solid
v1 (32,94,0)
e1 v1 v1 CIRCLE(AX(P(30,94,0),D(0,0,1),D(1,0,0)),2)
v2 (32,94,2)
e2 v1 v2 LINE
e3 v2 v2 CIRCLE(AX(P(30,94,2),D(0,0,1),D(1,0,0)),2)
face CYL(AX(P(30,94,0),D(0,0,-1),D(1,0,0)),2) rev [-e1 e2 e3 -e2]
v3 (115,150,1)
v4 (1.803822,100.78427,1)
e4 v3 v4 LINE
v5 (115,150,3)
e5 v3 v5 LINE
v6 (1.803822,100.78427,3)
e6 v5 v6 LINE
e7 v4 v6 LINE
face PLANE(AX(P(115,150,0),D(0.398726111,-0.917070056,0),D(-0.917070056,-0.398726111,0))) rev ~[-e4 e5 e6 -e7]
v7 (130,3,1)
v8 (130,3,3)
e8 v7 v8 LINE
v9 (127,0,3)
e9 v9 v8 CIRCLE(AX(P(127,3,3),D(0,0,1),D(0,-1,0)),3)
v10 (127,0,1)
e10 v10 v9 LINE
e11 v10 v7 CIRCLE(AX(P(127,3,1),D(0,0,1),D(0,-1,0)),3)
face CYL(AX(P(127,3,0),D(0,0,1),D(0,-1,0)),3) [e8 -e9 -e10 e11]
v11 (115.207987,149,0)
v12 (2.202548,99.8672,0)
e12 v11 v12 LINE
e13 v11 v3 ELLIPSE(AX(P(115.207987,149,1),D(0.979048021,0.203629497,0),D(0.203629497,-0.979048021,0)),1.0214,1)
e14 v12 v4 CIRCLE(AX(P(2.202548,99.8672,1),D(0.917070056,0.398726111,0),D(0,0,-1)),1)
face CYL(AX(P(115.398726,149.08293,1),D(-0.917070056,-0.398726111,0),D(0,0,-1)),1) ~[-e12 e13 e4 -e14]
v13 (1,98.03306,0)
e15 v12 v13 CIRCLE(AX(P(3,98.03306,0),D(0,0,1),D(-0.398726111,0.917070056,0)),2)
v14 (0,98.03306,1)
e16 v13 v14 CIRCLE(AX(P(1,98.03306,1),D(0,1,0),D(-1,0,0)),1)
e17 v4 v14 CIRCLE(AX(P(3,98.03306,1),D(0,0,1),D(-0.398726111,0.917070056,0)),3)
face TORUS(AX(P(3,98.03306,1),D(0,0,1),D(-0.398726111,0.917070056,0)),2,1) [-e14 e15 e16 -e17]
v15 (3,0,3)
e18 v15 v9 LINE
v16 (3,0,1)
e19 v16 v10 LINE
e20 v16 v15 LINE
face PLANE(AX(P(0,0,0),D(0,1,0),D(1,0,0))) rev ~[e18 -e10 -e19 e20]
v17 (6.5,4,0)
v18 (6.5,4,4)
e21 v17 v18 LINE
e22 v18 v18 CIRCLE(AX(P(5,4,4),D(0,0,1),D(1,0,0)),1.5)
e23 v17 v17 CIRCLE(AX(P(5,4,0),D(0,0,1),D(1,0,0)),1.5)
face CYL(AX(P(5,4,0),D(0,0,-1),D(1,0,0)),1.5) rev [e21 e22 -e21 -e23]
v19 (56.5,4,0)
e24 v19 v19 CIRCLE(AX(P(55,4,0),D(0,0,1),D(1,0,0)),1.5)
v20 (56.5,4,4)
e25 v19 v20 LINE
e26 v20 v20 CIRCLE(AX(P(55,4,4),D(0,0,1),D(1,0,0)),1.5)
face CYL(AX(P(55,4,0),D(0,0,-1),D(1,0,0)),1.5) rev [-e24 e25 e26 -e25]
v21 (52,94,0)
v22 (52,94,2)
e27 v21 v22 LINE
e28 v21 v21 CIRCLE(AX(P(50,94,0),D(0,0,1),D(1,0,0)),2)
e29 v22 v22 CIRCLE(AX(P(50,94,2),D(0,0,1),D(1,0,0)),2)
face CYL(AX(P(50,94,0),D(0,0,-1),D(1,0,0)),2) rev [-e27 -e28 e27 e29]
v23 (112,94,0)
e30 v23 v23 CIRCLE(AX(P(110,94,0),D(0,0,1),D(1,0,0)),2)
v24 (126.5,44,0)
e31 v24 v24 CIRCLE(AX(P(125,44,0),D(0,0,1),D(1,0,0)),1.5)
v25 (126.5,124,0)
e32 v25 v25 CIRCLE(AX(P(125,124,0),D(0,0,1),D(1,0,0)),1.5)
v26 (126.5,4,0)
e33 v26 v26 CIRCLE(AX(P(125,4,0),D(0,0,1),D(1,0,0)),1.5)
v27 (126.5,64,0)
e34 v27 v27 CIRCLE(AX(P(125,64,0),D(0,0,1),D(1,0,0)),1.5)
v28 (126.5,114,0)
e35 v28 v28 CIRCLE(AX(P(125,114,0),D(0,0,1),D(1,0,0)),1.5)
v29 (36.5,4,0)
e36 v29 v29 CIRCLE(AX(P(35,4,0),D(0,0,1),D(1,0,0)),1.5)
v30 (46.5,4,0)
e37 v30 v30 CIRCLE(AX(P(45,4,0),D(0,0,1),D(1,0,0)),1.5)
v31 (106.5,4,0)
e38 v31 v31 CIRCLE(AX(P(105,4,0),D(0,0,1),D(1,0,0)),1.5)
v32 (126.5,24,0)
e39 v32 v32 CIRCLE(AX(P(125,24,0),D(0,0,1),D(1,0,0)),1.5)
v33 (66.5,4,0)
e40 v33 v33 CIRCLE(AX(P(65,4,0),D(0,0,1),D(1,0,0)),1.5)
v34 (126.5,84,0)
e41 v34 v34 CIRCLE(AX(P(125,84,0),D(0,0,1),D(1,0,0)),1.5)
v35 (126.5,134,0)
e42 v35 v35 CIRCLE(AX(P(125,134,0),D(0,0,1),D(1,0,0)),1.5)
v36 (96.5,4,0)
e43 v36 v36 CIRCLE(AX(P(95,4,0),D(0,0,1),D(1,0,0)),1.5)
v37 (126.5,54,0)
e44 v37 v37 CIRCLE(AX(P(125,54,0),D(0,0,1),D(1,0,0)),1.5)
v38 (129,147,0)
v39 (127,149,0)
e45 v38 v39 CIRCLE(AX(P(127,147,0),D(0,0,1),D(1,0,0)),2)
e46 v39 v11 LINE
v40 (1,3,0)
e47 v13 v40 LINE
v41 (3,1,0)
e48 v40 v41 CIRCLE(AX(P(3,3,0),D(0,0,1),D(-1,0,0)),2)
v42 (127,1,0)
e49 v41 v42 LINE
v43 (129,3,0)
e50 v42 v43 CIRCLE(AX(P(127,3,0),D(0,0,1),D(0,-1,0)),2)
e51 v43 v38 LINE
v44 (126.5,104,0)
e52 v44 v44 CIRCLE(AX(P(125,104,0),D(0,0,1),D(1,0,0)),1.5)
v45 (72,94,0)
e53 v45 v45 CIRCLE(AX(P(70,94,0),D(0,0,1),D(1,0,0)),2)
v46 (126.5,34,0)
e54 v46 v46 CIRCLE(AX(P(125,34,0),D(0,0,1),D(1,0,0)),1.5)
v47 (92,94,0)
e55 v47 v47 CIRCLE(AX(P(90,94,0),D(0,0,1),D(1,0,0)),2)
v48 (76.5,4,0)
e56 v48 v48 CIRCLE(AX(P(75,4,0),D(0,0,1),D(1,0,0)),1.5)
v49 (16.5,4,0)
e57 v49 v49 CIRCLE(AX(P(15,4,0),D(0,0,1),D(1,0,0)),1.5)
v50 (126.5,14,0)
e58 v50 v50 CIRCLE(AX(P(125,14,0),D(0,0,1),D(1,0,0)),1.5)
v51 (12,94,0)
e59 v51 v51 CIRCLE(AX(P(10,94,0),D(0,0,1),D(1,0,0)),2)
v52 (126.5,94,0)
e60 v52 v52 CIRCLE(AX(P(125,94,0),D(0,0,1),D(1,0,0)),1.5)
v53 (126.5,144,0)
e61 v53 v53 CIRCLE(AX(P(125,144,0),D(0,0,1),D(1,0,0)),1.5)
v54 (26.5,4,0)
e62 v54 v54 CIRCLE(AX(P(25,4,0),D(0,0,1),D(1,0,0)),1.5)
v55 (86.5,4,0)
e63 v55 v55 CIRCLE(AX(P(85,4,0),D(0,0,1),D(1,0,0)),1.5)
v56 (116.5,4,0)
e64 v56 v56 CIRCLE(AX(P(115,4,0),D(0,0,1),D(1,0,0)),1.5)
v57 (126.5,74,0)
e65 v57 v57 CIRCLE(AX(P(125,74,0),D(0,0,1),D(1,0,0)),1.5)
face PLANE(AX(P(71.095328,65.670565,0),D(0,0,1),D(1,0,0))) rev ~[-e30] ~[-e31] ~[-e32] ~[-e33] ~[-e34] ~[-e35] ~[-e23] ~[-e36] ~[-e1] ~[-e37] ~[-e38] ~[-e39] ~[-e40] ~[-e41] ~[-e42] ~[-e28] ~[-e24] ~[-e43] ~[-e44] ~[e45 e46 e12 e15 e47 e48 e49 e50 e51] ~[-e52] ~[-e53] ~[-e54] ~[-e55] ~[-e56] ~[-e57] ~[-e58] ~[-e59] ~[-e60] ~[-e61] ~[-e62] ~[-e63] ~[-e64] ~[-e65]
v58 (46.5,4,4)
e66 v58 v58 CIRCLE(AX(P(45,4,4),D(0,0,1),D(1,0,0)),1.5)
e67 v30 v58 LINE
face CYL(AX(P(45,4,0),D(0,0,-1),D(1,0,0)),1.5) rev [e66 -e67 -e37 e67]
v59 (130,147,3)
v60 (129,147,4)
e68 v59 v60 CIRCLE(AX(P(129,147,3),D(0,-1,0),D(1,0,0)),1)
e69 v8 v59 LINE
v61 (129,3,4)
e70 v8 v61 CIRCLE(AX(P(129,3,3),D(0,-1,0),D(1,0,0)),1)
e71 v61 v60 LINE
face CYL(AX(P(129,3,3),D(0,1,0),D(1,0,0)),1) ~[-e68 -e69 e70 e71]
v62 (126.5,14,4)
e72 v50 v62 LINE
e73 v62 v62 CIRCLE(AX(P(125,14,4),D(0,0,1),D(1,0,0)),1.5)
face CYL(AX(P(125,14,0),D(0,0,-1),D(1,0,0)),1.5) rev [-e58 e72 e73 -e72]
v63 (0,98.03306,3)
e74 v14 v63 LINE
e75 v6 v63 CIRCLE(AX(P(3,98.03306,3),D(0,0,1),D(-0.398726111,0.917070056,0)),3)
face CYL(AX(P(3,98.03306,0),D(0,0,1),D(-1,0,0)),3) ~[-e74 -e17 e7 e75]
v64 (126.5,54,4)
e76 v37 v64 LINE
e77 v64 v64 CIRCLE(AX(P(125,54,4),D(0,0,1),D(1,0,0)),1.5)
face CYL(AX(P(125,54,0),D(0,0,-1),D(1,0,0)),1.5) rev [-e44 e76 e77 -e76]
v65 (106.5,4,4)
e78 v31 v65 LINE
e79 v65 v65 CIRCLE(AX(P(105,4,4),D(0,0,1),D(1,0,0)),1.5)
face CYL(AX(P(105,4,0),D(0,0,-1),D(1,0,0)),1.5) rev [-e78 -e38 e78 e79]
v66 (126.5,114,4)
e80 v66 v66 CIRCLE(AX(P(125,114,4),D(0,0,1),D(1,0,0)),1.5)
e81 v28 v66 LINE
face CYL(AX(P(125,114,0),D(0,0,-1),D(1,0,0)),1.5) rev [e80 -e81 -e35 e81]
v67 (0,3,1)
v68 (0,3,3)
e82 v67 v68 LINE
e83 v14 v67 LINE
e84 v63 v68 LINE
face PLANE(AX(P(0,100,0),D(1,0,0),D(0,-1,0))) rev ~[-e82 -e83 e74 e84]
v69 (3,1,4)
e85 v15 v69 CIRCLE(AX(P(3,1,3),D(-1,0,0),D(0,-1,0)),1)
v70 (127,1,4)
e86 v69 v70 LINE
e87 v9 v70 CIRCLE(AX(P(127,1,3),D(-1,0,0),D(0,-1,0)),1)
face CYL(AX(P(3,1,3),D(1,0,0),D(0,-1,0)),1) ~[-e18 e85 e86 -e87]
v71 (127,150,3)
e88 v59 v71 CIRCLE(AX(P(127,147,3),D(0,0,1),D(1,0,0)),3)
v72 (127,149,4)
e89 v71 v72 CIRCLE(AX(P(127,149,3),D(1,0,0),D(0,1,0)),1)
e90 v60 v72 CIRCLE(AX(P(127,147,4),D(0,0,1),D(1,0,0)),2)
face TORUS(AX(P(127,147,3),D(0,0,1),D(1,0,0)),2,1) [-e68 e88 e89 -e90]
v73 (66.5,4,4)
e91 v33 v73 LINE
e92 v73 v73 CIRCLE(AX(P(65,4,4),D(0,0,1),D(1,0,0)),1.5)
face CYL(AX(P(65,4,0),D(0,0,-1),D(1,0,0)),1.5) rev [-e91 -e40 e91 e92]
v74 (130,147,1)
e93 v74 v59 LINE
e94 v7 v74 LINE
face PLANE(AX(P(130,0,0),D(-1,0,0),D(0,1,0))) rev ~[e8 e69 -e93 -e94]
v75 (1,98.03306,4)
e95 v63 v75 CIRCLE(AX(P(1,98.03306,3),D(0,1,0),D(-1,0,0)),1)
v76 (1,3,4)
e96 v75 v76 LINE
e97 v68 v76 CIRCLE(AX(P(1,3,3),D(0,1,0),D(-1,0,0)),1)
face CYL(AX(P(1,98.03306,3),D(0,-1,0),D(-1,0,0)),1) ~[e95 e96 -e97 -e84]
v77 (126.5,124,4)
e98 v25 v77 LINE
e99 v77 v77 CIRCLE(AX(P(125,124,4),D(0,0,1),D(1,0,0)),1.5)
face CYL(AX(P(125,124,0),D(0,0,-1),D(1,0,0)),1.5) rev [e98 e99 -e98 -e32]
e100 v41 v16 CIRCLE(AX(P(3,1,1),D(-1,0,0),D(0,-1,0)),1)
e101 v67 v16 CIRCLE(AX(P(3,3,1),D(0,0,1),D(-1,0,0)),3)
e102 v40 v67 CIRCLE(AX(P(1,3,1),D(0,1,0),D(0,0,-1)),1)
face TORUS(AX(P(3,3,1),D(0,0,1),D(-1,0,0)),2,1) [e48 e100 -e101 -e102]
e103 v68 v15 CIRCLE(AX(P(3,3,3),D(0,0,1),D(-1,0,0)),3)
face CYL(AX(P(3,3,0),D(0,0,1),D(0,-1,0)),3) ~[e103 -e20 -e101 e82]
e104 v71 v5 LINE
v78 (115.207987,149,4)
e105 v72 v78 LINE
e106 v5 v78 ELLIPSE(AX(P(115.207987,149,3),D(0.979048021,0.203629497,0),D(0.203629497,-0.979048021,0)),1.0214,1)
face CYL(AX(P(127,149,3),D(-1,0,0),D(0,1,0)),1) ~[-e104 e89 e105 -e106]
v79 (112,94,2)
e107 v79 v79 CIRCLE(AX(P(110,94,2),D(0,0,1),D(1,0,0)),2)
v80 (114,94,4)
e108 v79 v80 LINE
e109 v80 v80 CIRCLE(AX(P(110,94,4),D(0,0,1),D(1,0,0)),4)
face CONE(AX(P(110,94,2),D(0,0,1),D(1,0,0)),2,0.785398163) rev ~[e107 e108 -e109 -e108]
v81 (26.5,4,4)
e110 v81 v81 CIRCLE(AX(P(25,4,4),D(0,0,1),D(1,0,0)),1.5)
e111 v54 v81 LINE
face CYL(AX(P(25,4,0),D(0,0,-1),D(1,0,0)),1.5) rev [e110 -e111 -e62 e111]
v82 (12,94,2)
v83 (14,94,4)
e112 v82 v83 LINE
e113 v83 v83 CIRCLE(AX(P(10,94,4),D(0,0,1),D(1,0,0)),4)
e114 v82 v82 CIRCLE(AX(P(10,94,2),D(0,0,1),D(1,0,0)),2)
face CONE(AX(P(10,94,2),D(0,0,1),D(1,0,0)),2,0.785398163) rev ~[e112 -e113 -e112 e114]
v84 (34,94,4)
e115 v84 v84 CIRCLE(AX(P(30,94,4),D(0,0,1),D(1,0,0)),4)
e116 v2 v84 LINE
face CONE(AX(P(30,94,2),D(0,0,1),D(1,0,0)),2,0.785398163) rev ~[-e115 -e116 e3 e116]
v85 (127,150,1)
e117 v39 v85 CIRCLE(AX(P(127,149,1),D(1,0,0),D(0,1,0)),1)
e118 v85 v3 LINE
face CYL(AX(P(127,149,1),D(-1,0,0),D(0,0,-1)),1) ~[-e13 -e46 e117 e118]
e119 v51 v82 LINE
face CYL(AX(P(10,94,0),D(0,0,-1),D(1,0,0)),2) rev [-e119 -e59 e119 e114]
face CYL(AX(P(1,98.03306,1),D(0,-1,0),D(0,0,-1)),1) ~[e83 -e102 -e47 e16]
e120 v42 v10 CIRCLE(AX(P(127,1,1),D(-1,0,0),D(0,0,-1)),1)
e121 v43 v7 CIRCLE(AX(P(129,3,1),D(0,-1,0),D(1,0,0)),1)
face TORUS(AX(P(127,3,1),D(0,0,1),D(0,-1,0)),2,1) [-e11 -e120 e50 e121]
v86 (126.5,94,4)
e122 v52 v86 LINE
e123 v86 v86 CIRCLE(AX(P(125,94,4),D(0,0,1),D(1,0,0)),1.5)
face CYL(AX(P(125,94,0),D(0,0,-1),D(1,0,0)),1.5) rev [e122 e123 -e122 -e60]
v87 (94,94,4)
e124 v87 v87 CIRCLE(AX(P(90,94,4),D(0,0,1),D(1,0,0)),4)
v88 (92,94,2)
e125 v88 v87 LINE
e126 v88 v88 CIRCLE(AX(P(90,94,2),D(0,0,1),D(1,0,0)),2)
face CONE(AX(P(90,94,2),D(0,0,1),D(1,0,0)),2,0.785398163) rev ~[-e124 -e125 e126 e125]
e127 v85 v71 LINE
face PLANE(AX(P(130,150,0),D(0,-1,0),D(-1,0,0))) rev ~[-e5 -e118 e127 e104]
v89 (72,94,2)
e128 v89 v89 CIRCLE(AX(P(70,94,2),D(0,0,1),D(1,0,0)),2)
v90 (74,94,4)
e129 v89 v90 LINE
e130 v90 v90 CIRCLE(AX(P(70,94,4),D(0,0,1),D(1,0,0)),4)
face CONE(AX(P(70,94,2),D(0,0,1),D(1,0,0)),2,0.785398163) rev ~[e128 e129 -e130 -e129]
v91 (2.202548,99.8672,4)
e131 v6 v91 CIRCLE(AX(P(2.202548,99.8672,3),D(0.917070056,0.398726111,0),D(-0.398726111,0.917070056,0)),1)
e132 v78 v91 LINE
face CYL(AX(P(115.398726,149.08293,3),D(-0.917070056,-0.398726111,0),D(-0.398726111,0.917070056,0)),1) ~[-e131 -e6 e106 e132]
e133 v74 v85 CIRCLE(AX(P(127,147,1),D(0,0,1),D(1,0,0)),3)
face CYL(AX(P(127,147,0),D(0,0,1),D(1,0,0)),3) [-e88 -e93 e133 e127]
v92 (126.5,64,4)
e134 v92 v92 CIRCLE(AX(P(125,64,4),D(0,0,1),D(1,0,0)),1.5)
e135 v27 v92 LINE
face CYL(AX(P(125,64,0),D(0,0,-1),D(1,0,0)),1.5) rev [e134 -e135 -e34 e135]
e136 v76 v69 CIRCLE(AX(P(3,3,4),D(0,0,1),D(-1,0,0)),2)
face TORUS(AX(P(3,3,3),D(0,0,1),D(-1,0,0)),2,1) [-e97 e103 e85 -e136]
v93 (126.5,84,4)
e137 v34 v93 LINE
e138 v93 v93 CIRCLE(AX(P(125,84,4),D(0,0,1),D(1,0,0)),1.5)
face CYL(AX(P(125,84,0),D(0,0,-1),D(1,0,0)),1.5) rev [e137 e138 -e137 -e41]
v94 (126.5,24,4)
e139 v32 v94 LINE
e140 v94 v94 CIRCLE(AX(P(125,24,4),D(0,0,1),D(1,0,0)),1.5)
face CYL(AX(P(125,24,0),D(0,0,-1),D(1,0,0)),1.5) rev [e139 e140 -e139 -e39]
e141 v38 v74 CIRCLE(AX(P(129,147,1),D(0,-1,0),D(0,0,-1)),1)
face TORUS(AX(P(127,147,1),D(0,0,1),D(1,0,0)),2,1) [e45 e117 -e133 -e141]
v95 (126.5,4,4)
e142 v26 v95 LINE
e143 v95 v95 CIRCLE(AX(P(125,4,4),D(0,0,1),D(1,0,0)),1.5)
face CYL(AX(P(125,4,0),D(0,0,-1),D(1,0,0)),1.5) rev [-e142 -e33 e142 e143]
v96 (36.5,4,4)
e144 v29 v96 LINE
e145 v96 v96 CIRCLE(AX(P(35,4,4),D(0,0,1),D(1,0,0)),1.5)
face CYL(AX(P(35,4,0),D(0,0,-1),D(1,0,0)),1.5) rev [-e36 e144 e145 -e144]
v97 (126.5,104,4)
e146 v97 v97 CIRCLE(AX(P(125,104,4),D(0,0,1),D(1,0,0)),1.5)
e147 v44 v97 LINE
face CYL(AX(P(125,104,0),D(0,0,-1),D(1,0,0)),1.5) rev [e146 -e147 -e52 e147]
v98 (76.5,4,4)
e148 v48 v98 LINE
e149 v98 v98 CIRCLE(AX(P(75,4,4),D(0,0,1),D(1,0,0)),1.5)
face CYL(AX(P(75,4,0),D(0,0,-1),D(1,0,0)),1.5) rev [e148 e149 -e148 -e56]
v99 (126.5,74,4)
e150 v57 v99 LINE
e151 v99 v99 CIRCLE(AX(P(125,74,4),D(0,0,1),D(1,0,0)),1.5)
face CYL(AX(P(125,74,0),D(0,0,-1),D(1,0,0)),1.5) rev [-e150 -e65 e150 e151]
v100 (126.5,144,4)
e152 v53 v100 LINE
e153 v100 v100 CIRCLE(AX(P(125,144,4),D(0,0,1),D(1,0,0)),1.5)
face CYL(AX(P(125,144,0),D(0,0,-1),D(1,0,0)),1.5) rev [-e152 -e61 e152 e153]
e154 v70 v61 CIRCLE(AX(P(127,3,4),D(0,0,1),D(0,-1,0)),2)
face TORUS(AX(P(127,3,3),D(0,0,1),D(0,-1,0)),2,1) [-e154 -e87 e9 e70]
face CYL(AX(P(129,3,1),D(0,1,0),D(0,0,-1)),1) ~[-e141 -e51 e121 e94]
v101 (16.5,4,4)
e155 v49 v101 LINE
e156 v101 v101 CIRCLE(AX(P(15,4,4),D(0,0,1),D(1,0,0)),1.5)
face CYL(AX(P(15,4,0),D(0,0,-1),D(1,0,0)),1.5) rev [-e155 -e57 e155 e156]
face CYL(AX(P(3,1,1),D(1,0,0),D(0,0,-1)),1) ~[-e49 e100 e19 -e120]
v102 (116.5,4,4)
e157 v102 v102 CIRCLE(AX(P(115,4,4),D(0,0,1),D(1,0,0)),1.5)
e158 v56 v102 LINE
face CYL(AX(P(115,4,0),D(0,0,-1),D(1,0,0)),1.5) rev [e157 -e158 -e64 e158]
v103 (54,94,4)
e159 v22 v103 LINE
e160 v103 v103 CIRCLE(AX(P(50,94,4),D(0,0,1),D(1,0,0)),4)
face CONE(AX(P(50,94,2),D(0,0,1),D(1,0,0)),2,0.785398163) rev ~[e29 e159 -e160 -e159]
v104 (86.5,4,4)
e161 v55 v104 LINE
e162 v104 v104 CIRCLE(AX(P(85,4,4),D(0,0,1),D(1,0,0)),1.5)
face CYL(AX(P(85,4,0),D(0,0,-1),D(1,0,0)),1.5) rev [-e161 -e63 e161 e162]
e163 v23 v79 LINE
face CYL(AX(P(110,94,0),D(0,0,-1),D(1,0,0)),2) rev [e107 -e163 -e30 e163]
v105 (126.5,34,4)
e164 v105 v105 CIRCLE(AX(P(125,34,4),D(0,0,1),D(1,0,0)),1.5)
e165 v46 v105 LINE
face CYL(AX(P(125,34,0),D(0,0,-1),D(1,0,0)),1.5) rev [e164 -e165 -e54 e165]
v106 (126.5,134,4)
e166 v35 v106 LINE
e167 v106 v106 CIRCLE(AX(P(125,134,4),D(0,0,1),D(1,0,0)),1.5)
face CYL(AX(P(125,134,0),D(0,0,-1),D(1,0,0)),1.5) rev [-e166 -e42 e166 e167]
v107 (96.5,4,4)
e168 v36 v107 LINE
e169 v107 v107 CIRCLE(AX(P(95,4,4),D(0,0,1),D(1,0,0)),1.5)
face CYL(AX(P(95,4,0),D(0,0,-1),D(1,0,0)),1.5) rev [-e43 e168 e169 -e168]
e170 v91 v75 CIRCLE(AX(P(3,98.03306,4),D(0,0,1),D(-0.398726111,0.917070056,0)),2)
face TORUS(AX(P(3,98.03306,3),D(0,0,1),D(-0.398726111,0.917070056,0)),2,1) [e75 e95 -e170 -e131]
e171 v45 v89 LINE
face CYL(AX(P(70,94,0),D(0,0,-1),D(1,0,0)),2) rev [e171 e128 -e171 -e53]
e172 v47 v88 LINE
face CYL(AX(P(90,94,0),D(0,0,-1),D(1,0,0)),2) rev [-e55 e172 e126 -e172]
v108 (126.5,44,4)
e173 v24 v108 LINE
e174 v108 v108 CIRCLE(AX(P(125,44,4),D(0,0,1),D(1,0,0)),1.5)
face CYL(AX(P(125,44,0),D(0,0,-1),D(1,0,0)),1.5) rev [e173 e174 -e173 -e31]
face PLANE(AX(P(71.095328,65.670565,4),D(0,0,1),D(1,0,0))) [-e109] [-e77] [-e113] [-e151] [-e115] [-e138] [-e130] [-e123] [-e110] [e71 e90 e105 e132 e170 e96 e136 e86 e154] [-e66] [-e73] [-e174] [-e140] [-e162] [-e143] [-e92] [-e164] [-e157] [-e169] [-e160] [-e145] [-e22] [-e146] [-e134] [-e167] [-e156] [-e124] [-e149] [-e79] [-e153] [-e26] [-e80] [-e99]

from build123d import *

# Parameters (mm, degrees)
SKETCH_R     = 1.5
SKETCH_R_2   = 2
PAD_DEPTH    = 4
CHAMFER_SIZE = 2
FILLET004_R  = 3
FILLET005_R  = 1


with BuildPart() as part:
    # Sketch → Pad (new body)
    with BuildSketch(Plane.XY):
        Polygon((0, 0), (130, 0), (130, 150), (115, 150), (0, 100), align=None)
        with Locations((5, 4)):
            Circle(SKETCH_R, mode=Mode.SUBTRACT)
        with Locations((15, 4)):
            Circle(SKETCH_R, mode=Mode.SUBTRACT)
        with Locations((25, 4)):
            Circle(SKETCH_R, mode=Mode.SUBTRACT)
        with Locations((35, 4)):
            Circle(SKETCH_R, mode=Mode.SUBTRACT)
        with Locations((45, 4)):
            Circle(SKETCH_R, mode=Mode.SUBTRACT)
        with Locations((55, 4)):
            Circle(SKETCH_R, mode=Mode.SUBTRACT)
        with Locations((65, 4)):
            Circle(SKETCH_R, mode=Mode.SUBTRACT)
        with Locations((75, 4)):
            Circle(SKETCH_R, mode=Mode.SUBTRACT)
        with Locations((85, 4)):
            Circle(SKETCH_R, mode=Mode.SUBTRACT)
        with Locations((95, 4)):
            Circle(SKETCH_R, mode=Mode.SUBTRACT)
        with Locations((105, 4)):
            Circle(SKETCH_R, mode=Mode.SUBTRACT)
        with Locations((115, 4)):
            Circle(SKETCH_R, mode=Mode.SUBTRACT)
        with Locations((125, 4)):
            Circle(SKETCH_R, mode=Mode.SUBTRACT)
        with Locations((125, 14)):
            Circle(SKETCH_R, mode=Mode.SUBTRACT)
        with Locations((125, 24)):
            Circle(SKETCH_R, mode=Mode.SUBTRACT)
        with Locations((125, 34)):
            Circle(SKETCH_R, mode=Mode.SUBTRACT)
        with Locations((125, 44)):
            Circle(SKETCH_R, mode=Mode.SUBTRACT)
        with Locations((125, 54)):
            Circle(SKETCH_R, mode=Mode.SUBTRACT)
        with Locations((125, 64)):
            Circle(SKETCH_R, mode=Mode.SUBTRACT)
        with Locations((125, 74)):
            Circle(SKETCH_R, mode=Mode.SUBTRACT)
        with Locations((125, 84)):
            Circle(SKETCH_R, mode=Mode.SUBTRACT)
        with Locations((125, 94)):
            Circle(SKETCH_R, mode=Mode.SUBTRACT)
        with Locations((125, 104)):
            Circle(SKETCH_R, mode=Mode.SUBTRACT)
        with Locations((125, 114)):
            Circle(SKETCH_R, mode=Mode.SUBTRACT)
        with Locations((125, 124)):
            Circle(SKETCH_R, mode=Mode.SUBTRACT)
        with Locations((125, 134)):
            Circle(SKETCH_R, mode=Mode.SUBTRACT)
        with Locations((125, 144)):
            Circle(SKETCH_R, mode=Mode.SUBTRACT)
        with Locations((10, 94)):
            Circle(SKETCH_R_2, mode=Mode.SUBTRACT)
        with Locations((30, 94)):
            Circle(SKETCH_R_2, mode=Mode.SUBTRACT)
        with Locations((50, 94)):
            Circle(SKETCH_R_2, mode=Mode.SUBTRACT)
        with Locations((70, 94)):
            Circle(SKETCH_R_2, mode=Mode.SUBTRACT)
        with Locations((90, 94)):
            Circle(SKETCH_R_2, mode=Mode.SUBTRACT)
        with Locations((110, 94)):
            Circle(SKETCH_R_2, mode=Mode.SUBTRACT)
    extrude(amount=PAD_DEPTH)

    # Chamfer
    chamfer_edges = [part.edges().sort_by_distance(p)[0] for p in [
        (8, 94, 4),
        (28, 94, 4),
        (48, 94, 4),
        (68, 94, 4),
        (88, 94, 4),
        (108, 94, 4),
    ]]
    chamfer(chamfer_edges, length=CHAMFER_SIZE)

    # Fillet004
    fillet004_edges = [part.edges().sort_by_distance(p)[0] for p in [
        (0, 0, 2),
        (0, 100, 2),
        (130, 0, 2),
        (130, 150, 2),
    ]]
    fillet(fillet004_edges, radius=FILLET004_R)

    # Fillet005
    fillet005_edges = [part.edges().sort_by_distance(p)[0] for p in [
        (130, 75, 0),
        (130, 3, 2),
        (130, 147, 2),
        (130, 75, 4),
    ]]
    fillet(fillet005_edges, radius=FILLET005_R)


solid = part.part
